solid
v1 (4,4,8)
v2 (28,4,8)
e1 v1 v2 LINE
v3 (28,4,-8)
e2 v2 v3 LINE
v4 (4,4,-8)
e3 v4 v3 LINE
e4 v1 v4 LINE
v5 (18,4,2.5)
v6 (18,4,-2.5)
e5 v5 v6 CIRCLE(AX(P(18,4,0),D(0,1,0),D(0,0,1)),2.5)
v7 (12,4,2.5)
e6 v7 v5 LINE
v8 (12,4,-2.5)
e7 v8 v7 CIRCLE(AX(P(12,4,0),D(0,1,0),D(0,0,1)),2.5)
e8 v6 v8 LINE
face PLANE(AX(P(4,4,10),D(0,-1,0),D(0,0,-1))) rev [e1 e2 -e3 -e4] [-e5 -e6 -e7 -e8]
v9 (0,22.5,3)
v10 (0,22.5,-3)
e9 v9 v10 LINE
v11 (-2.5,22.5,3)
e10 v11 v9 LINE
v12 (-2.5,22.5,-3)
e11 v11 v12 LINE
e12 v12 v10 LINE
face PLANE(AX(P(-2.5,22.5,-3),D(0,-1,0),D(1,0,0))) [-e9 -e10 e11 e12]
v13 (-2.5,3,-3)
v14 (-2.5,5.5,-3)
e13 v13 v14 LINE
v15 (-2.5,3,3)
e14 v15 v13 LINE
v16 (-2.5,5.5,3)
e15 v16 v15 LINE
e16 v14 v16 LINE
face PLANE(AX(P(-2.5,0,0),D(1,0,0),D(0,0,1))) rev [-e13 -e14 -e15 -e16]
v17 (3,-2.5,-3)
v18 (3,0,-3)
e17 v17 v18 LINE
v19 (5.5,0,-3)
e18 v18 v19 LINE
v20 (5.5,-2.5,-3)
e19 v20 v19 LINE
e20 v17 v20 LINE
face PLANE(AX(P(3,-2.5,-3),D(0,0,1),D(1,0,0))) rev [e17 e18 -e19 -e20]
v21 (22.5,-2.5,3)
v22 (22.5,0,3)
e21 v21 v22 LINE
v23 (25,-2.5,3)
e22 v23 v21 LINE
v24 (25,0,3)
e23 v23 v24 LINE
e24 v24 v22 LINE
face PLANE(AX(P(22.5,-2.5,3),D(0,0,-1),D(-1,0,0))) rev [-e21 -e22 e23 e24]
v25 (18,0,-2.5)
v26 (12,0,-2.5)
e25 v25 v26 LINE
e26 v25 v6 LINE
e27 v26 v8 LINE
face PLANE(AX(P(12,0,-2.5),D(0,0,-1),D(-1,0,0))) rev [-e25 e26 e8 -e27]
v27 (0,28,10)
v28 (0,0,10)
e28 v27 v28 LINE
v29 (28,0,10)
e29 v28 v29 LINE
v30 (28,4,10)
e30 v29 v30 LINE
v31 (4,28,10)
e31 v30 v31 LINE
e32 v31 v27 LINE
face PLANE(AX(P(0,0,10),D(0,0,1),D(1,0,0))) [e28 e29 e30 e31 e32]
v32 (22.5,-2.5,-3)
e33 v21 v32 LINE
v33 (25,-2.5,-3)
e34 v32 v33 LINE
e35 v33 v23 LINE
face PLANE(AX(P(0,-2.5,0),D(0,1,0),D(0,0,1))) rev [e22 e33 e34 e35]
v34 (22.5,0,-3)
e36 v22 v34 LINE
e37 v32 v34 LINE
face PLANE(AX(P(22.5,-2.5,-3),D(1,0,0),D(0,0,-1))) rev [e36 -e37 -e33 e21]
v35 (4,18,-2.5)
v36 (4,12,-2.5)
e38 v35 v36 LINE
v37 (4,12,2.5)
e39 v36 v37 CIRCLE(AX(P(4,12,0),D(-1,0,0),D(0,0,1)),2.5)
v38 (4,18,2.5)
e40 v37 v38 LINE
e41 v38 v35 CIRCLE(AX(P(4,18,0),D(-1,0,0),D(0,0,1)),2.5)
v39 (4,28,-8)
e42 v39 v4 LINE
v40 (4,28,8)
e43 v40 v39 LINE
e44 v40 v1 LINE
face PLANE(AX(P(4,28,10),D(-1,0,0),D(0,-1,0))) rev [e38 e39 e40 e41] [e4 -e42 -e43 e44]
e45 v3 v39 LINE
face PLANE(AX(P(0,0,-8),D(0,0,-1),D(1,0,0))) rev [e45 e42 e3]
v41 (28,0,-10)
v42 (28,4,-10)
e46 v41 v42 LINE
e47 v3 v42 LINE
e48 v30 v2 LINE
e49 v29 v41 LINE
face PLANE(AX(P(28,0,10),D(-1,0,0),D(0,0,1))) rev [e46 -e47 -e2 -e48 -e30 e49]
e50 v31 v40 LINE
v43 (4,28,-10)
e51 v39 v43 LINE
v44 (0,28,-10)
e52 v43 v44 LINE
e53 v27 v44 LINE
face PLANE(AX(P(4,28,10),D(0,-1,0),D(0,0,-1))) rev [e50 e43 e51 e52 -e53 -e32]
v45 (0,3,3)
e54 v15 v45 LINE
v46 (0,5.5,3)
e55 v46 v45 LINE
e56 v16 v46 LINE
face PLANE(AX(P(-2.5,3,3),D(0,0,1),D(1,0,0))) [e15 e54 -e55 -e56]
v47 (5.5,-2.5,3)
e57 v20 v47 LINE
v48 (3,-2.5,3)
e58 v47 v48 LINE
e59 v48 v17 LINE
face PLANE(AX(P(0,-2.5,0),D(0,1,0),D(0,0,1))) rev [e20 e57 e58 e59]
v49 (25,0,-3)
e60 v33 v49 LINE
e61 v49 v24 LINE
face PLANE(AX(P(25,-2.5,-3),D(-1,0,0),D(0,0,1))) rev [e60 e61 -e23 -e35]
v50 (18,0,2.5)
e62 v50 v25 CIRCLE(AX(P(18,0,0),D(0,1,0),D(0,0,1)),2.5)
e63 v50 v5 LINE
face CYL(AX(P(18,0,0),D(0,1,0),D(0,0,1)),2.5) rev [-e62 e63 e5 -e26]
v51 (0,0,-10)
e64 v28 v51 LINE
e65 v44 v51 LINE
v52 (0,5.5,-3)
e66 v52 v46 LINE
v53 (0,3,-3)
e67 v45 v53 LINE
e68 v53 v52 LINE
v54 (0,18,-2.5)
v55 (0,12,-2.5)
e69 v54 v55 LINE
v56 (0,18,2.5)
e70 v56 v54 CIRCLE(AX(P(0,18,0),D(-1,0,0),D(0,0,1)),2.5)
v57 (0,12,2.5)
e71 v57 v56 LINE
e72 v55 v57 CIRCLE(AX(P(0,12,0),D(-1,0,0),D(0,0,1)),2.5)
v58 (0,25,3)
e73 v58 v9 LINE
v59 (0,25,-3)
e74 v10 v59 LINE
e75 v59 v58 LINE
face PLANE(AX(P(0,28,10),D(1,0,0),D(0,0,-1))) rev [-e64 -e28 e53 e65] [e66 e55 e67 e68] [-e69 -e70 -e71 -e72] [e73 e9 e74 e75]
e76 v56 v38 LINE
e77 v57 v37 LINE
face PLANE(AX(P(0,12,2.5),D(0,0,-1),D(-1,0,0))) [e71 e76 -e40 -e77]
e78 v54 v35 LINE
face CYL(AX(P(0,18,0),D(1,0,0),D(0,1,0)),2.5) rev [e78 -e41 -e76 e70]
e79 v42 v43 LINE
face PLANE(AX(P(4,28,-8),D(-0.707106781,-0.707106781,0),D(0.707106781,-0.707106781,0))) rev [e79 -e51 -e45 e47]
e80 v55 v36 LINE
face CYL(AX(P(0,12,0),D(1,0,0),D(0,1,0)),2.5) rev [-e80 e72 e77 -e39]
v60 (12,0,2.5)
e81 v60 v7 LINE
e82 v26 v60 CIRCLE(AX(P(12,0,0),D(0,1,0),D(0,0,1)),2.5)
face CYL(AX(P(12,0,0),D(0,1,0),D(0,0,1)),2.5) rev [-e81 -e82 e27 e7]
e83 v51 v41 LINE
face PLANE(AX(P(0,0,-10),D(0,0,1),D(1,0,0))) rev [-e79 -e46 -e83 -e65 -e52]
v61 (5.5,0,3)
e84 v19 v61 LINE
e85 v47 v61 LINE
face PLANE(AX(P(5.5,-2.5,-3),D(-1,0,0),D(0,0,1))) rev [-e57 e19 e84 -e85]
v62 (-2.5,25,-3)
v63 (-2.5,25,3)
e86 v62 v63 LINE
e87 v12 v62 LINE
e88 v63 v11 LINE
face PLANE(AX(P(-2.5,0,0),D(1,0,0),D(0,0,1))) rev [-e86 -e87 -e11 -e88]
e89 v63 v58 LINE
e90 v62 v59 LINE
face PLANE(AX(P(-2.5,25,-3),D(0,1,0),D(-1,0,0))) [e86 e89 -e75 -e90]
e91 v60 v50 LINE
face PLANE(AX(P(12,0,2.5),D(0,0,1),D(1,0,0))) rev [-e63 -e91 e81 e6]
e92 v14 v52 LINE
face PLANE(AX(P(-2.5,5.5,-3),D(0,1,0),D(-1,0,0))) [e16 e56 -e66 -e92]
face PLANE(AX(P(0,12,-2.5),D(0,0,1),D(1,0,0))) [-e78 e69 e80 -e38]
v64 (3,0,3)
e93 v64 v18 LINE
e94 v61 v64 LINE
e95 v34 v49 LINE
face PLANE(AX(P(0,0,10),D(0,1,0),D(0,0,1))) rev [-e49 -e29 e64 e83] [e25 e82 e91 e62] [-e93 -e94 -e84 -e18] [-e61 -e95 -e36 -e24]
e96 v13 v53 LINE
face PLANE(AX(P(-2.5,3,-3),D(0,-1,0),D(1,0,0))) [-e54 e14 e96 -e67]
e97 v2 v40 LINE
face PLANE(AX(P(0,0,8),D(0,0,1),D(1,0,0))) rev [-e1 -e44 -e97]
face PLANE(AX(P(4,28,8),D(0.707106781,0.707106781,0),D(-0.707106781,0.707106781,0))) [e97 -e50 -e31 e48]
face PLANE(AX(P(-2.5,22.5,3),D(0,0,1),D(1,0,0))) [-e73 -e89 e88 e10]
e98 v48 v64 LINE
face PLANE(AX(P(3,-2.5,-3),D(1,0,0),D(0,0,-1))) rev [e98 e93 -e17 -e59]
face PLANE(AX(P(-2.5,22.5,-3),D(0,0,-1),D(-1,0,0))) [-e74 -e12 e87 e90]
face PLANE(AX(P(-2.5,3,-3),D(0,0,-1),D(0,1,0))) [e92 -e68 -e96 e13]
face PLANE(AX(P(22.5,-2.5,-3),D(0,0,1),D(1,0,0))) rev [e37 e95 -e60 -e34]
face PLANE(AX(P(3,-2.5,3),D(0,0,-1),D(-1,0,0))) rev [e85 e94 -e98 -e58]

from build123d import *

# Parameters (mm, degrees)
EXTRUDE_1_DEPTH     = 10
EXTRUDE_2_DEPTH     = 2
CUT_EXTRUDE_1_DEPTH = 5
SKETCH_4_W          = 2.5
SKETCH_4_H          = 6
EXTRUDE_3_DEPTH     = 2.5


with BuildPart() as part:
    # Эскиз1 → Бобышка-Вытянуть1 (new body, symmetric)
    with BuildSketch(Plane.XY):
        Polygon((0, 28), (0, 0), (28, 0), (28, 4), (4, 4), (4, 28), align=None)
    extrude(amount=EXTRUDE_1_DEPTH, both=True)

    # Эскиз2 → Бобышка-Вытянуть2 (add)
    with BuildSketch(Plane.XY.offset(10)):
        Polygon((4, 28), (28, 4), (4, 4), align=None)
    extrude_2 = extrude(amount=-EXTRUDE_2_DEPTH)

    # Зеркальное отражение2: Бобышка-Вытянуть2 across plane
    add(extrude_2.mirror(Plane.XY))

    # Эскиз3 → Вырез-Вытянуть1 (cut, through all)
    with BuildSketch(Plane(origin=(0, 4, 0), x_dir=(1, 0, 0), z_dir=(0, 1, 0))):
        with BuildLine():
            Line((12, 2.5), (18, 2.5))
            ThreePointArc((18, 2.5), (20.5, 0), (18, -2.5))
            Line((18, -2.5), (12, -2.5))
            ThreePointArc((12, -2.5), (9.5, 0), (12, 2.5))
        make_face()
    cut_extrude_1 = extrude(amount=-CUT_EXTRUDE_1_DEPTH, mode=Mode.SUBTRACT)

    # Эскиз4 → Бобышка-Вытянуть3 (add)
    with BuildSketch(Plane.XZ):
        with Locations((4.25, 0)):
            Rectangle(SKETCH_4_W, SKETCH_4_H)
        with Locations((23.75, 0)):
            Rectangle(SKETCH_4_W, SKETCH_4_H)
    extrude_3 = extrude(amount=EXTRUDE_3_DEPTH)

    # Зеркальное отражение3: Вырез-Вытянуть1, Бобышка-Вытянуть3 across plane
    add(cut_extrude_1.mirror(Plane(origin=(0, 0, 0), x_dir=(0, 0, 1), z_dir=(-0.707106781, 0.707106781, 0))), mode=Mode.SUBTRACT)
    add(extrude_3.mirror(Plane(origin=(0, 0, 0), x_dir=(0, 0, 1), z_dir=(-0.707106781, 0.707106781, 0))))


solid = part.part
